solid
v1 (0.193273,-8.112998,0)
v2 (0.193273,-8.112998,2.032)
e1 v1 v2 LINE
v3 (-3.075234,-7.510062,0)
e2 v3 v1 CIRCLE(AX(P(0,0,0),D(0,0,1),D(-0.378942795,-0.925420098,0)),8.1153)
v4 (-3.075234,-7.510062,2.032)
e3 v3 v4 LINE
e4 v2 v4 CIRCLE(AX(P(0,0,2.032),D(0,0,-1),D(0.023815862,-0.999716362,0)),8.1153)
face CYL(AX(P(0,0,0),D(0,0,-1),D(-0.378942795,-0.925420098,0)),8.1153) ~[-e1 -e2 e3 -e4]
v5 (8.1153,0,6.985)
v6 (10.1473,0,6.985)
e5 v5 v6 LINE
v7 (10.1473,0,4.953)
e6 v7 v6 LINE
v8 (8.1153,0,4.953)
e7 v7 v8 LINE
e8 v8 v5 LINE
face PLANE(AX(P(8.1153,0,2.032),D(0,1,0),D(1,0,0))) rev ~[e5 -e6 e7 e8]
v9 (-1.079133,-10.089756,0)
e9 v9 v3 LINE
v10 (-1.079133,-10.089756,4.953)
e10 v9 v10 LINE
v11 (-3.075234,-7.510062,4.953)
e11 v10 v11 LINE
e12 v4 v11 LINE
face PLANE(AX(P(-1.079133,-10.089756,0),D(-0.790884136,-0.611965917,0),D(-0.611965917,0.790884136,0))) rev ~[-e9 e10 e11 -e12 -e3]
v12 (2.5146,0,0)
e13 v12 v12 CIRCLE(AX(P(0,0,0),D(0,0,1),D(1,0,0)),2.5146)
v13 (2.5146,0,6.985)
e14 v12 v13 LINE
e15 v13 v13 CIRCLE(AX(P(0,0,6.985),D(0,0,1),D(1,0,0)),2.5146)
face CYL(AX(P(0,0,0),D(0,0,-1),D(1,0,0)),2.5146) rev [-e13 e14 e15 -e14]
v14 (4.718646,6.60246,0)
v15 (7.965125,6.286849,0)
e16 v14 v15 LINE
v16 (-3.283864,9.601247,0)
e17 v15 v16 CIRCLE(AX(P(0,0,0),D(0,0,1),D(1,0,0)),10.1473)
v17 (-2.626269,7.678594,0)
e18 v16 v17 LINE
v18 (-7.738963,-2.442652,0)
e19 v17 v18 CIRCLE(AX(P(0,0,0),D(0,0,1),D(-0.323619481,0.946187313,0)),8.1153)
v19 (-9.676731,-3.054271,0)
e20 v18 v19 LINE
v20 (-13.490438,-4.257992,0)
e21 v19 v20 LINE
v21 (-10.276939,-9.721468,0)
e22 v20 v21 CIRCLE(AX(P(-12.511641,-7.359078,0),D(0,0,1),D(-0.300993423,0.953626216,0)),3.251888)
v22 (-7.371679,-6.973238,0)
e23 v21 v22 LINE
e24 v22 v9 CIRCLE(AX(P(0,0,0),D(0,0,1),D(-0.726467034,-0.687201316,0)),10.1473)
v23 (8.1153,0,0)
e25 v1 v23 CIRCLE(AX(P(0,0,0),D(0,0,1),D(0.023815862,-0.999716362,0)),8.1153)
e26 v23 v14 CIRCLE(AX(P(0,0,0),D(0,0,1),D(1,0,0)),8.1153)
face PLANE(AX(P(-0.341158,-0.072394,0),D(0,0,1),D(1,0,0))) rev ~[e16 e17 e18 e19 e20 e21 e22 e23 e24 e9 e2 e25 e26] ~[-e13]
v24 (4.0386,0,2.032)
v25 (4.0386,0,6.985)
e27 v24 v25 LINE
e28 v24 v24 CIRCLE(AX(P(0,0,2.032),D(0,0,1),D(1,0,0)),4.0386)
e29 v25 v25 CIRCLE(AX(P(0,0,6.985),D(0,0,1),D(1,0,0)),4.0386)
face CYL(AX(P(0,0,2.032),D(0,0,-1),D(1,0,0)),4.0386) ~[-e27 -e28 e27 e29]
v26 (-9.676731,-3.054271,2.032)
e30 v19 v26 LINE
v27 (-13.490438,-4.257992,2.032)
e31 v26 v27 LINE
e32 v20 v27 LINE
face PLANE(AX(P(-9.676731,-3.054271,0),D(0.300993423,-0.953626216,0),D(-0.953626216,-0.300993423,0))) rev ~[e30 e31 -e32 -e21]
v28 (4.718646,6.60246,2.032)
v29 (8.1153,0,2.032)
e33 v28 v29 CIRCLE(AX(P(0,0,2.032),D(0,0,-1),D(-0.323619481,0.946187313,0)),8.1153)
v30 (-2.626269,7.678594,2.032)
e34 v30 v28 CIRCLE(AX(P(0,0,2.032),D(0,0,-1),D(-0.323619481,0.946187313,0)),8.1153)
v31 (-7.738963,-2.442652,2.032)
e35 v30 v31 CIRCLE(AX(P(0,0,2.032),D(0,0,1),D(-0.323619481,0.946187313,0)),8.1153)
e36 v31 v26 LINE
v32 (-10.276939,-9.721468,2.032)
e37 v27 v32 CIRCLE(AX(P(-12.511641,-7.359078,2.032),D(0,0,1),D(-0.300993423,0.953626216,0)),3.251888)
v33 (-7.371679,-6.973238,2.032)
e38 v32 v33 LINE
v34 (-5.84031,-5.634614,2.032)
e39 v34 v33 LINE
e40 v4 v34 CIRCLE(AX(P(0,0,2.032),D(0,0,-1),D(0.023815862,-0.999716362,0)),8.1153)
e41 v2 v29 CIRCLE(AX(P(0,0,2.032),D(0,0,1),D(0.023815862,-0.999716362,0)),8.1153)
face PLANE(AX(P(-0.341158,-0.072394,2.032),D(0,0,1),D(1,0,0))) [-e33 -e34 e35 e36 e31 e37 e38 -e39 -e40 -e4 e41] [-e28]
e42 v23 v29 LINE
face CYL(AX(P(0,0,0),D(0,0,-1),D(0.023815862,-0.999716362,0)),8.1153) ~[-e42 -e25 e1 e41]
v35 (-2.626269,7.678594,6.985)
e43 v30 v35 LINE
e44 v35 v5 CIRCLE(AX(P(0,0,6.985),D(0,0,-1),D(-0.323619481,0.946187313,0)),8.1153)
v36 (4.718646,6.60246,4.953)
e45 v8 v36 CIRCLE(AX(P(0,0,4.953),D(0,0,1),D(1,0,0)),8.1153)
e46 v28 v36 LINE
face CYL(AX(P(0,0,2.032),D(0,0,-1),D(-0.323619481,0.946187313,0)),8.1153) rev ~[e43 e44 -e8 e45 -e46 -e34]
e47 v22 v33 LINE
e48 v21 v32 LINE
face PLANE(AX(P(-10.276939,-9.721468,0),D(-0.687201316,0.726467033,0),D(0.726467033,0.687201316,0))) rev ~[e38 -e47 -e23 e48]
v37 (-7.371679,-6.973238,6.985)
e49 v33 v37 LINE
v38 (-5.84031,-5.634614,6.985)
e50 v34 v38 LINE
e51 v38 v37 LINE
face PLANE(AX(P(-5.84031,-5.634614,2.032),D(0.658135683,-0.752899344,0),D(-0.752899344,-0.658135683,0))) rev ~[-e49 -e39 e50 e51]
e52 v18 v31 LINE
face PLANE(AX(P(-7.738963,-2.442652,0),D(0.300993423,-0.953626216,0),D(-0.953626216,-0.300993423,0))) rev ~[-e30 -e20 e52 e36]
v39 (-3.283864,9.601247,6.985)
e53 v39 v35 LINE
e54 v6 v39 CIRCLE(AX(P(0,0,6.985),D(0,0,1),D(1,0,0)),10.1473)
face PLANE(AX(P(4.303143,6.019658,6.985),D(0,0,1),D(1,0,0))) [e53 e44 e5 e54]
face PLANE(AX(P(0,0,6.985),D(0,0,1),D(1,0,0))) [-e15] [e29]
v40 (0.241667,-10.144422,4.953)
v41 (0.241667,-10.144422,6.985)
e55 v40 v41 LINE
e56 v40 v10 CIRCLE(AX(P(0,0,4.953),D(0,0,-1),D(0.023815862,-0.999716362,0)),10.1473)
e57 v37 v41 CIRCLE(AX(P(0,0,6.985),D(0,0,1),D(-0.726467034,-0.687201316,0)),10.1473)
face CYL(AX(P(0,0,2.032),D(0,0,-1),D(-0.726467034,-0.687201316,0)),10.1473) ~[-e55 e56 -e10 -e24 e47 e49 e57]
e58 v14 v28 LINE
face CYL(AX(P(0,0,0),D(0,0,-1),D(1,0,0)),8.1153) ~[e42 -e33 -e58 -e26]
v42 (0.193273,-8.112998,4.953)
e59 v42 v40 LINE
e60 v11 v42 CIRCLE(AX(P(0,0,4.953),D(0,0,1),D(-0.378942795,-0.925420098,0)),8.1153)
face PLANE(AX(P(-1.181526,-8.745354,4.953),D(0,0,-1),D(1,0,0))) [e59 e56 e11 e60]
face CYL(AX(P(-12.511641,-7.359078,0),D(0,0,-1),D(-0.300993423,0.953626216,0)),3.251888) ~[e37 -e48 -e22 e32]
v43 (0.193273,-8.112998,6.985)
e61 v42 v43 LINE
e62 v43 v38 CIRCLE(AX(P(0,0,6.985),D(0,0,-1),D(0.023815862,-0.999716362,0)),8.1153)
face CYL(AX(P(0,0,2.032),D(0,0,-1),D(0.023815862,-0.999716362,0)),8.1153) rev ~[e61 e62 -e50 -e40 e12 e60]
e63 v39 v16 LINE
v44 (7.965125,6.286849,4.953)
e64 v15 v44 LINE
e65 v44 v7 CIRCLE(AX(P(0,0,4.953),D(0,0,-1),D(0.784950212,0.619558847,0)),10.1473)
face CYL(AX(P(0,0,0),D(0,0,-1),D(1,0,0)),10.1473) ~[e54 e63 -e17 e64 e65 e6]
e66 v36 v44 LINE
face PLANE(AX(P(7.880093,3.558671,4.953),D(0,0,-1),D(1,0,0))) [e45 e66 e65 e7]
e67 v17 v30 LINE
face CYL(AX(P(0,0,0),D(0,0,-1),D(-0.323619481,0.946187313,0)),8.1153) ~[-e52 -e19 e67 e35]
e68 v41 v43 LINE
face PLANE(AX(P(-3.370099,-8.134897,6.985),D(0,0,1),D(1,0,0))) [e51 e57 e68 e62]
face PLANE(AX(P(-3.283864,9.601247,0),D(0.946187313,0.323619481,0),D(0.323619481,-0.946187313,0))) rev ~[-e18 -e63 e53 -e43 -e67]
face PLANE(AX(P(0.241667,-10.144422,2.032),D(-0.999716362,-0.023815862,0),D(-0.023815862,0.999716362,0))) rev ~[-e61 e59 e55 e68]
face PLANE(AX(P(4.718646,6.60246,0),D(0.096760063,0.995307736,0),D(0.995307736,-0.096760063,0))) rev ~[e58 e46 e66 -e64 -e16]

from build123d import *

# Parameters (mm, degrees)
F0_R     = 2.5146
F1_DEPTH = 2.032
F2_R     = 4.0386
F2_R_2   = 2.5146
F3_DEPTH = 4.953
F5_DEPTH = 4.953


with BuildPart() as f1:
    # F0 (on Top) → F1 (new body)
    with BuildSketch(Plane.XY):
        with BuildLine():
            ThreePointArc((0.1932728669, -8.1129981936), (5.8063138645, -5.6696396179), (8.1153, 0))
            ThreePointArc((8.1153, 0), (4.7193819453, 6.6019336671), (-2.6262691705, 7.6785939035))
            ThreePointArc((-2.6262691705, 7.6785939035), (-7.243577354, 3.6590546875), (-7.7389628282, -2.4426519264))
            ThreePointArc((-7.7389628282, -2.4426519264), (-4.7193819453, -6.6019336671), (0.1932728669, -8.1129981936))
        make_face()
        Circle(F0_R, mode=Mode.SUBTRACT)
        with BuildLine():
            ThreePointArc((-2.6262691705, 7.6785939035), (4.7193819453, 6.6019336671), (8.1153, 0))
            Line((8.1153, 0), (10.1473, 0))
            ThreePointArc((10.1473, 0), (5.9010738252, 8.255), (-3.2838639549, 9.601246524))
            Line((-3.2838639549, 9.601246524), (-2.6262691705, 7.6785939035))
        make_face()
        with BuildLine():
            Line((0.241666699, -10.1444218414), (0.1932728669, -8.1129981936))
            ThreePointArc((0.1932728669, -8.1129981936), (-4.7193819453, -6.6019336671), (-7.7389628282, -2.4426519264))
            Line((-7.7389628282, -2.4426519264), (-9.6767312985, -3.0542705621))
            ThreePointArc((-9.6767312985, -3.0542705621), (-8.7465221148, -5.1445163217), (-7.3716789291, -6.9732379177))
            ThreePointArc((-7.3716789291, -6.9732379177), (-3.9017137862, -9.3671941808), (0.241666699, -10.1444218414))
        make_face()
        with BuildLine():
            ThreePointArc((-7.3716789291, -6.9732379177), (-8.7465221148, -5.1445163217), (-9.6767312985, -3.0542705621))
            Line((-9.6767312985, -3.0542705621), (-13.4904375036, -4.2579921738))
            ThreePointArc((-13.4904375036, -4.2579921738), (-15.3146238281, -9.0077325834), (-10.2769386502, -9.7214676552))
            Line((-10.2769386502, -9.7214676552), (-7.3716789291, -6.9732379177))
        make_face()
    extrude(amount=F1_DEPTH)

    # F2 (on face) → F3 (join)
    with BuildSketch(Plane.XY.offset(2.032)):
        with BuildLine():
            Line((-5.8403095484, -5.6346143141), (-7.3716789291, -6.9732379177))
            ThreePointArc((-7.3716789291, -6.9732379177), (-3.9017137862, -9.3671941808), (0.241666699, -10.1444218414))
            Line((0.241666699, -10.1444218414), (0.1932728669, -8.1129981936))
            ThreePointArc((0.1932728669, -8.1129981936), (-3.0834805795, -7.5066797991), (-5.8403095484, -5.6346143141))
        make_face()
        Circle(F2_R)
        Circle(F2_R_2, mode=Mode.SUBTRACT)
        with BuildLine():
            ThreePointArc((-2.6262691705, 7.6785939035), (4.7193819453, 6.6019336671), (8.1153, 0))
            Line((8.1153, 0), (10.1473, 0))
            ThreePointArc((10.1473, 0), (5.9010738252, 8.255), (-3.2838639549, 9.601246524))
            Line((-3.2838639549, 9.601246524), (-2.6262691705, 7.6785939035))
        make_face()
    extrude(amount=F3_DEPTH)

    # F4 (on face) → F5 (cut)
    with BuildSketch(Plane(origin=(0, 0, 0), x_dir=(1, 0, 0), z_dir=(0, 0, -1))):
        with BuildLine():
            ThreePointArc((-3.0752344649, 7.5100617225), (-1.4721782365, 7.9806506834), (0.1932728669, 8.1129981936))
            Line((0.1932728669, 8.1129981936), (0.241666699, 10.1444218414))
            ThreePointArc((0.241666699, 10.1444218414), (-0.4196244465, 10.1386198574), (-1.079133301, 10.0897556268))
            Line((-1.079133301, 10.0897556268), (-3.0752344649, 7.5100617225))
        make_face()
        with BuildLine():
            ThreePointArc((7.9651252816, -6.2868494923), (9.5862456953, -3.3274), (10.1473, 0))
            Line((10.1473, 0), (8.1153, 0))
            ThreePointArc((8.1153, 0), (7.2163466693, -3.7124701802), (4.7186455722, -6.6024600002))
            Line((4.7186455722, -6.6024600002), (7.9651252816, -6.2868494923))
        make_face()
    extrude(amount=-F5_DEPTH, mode=Mode.SUBTRACT)


solid = f1.part
